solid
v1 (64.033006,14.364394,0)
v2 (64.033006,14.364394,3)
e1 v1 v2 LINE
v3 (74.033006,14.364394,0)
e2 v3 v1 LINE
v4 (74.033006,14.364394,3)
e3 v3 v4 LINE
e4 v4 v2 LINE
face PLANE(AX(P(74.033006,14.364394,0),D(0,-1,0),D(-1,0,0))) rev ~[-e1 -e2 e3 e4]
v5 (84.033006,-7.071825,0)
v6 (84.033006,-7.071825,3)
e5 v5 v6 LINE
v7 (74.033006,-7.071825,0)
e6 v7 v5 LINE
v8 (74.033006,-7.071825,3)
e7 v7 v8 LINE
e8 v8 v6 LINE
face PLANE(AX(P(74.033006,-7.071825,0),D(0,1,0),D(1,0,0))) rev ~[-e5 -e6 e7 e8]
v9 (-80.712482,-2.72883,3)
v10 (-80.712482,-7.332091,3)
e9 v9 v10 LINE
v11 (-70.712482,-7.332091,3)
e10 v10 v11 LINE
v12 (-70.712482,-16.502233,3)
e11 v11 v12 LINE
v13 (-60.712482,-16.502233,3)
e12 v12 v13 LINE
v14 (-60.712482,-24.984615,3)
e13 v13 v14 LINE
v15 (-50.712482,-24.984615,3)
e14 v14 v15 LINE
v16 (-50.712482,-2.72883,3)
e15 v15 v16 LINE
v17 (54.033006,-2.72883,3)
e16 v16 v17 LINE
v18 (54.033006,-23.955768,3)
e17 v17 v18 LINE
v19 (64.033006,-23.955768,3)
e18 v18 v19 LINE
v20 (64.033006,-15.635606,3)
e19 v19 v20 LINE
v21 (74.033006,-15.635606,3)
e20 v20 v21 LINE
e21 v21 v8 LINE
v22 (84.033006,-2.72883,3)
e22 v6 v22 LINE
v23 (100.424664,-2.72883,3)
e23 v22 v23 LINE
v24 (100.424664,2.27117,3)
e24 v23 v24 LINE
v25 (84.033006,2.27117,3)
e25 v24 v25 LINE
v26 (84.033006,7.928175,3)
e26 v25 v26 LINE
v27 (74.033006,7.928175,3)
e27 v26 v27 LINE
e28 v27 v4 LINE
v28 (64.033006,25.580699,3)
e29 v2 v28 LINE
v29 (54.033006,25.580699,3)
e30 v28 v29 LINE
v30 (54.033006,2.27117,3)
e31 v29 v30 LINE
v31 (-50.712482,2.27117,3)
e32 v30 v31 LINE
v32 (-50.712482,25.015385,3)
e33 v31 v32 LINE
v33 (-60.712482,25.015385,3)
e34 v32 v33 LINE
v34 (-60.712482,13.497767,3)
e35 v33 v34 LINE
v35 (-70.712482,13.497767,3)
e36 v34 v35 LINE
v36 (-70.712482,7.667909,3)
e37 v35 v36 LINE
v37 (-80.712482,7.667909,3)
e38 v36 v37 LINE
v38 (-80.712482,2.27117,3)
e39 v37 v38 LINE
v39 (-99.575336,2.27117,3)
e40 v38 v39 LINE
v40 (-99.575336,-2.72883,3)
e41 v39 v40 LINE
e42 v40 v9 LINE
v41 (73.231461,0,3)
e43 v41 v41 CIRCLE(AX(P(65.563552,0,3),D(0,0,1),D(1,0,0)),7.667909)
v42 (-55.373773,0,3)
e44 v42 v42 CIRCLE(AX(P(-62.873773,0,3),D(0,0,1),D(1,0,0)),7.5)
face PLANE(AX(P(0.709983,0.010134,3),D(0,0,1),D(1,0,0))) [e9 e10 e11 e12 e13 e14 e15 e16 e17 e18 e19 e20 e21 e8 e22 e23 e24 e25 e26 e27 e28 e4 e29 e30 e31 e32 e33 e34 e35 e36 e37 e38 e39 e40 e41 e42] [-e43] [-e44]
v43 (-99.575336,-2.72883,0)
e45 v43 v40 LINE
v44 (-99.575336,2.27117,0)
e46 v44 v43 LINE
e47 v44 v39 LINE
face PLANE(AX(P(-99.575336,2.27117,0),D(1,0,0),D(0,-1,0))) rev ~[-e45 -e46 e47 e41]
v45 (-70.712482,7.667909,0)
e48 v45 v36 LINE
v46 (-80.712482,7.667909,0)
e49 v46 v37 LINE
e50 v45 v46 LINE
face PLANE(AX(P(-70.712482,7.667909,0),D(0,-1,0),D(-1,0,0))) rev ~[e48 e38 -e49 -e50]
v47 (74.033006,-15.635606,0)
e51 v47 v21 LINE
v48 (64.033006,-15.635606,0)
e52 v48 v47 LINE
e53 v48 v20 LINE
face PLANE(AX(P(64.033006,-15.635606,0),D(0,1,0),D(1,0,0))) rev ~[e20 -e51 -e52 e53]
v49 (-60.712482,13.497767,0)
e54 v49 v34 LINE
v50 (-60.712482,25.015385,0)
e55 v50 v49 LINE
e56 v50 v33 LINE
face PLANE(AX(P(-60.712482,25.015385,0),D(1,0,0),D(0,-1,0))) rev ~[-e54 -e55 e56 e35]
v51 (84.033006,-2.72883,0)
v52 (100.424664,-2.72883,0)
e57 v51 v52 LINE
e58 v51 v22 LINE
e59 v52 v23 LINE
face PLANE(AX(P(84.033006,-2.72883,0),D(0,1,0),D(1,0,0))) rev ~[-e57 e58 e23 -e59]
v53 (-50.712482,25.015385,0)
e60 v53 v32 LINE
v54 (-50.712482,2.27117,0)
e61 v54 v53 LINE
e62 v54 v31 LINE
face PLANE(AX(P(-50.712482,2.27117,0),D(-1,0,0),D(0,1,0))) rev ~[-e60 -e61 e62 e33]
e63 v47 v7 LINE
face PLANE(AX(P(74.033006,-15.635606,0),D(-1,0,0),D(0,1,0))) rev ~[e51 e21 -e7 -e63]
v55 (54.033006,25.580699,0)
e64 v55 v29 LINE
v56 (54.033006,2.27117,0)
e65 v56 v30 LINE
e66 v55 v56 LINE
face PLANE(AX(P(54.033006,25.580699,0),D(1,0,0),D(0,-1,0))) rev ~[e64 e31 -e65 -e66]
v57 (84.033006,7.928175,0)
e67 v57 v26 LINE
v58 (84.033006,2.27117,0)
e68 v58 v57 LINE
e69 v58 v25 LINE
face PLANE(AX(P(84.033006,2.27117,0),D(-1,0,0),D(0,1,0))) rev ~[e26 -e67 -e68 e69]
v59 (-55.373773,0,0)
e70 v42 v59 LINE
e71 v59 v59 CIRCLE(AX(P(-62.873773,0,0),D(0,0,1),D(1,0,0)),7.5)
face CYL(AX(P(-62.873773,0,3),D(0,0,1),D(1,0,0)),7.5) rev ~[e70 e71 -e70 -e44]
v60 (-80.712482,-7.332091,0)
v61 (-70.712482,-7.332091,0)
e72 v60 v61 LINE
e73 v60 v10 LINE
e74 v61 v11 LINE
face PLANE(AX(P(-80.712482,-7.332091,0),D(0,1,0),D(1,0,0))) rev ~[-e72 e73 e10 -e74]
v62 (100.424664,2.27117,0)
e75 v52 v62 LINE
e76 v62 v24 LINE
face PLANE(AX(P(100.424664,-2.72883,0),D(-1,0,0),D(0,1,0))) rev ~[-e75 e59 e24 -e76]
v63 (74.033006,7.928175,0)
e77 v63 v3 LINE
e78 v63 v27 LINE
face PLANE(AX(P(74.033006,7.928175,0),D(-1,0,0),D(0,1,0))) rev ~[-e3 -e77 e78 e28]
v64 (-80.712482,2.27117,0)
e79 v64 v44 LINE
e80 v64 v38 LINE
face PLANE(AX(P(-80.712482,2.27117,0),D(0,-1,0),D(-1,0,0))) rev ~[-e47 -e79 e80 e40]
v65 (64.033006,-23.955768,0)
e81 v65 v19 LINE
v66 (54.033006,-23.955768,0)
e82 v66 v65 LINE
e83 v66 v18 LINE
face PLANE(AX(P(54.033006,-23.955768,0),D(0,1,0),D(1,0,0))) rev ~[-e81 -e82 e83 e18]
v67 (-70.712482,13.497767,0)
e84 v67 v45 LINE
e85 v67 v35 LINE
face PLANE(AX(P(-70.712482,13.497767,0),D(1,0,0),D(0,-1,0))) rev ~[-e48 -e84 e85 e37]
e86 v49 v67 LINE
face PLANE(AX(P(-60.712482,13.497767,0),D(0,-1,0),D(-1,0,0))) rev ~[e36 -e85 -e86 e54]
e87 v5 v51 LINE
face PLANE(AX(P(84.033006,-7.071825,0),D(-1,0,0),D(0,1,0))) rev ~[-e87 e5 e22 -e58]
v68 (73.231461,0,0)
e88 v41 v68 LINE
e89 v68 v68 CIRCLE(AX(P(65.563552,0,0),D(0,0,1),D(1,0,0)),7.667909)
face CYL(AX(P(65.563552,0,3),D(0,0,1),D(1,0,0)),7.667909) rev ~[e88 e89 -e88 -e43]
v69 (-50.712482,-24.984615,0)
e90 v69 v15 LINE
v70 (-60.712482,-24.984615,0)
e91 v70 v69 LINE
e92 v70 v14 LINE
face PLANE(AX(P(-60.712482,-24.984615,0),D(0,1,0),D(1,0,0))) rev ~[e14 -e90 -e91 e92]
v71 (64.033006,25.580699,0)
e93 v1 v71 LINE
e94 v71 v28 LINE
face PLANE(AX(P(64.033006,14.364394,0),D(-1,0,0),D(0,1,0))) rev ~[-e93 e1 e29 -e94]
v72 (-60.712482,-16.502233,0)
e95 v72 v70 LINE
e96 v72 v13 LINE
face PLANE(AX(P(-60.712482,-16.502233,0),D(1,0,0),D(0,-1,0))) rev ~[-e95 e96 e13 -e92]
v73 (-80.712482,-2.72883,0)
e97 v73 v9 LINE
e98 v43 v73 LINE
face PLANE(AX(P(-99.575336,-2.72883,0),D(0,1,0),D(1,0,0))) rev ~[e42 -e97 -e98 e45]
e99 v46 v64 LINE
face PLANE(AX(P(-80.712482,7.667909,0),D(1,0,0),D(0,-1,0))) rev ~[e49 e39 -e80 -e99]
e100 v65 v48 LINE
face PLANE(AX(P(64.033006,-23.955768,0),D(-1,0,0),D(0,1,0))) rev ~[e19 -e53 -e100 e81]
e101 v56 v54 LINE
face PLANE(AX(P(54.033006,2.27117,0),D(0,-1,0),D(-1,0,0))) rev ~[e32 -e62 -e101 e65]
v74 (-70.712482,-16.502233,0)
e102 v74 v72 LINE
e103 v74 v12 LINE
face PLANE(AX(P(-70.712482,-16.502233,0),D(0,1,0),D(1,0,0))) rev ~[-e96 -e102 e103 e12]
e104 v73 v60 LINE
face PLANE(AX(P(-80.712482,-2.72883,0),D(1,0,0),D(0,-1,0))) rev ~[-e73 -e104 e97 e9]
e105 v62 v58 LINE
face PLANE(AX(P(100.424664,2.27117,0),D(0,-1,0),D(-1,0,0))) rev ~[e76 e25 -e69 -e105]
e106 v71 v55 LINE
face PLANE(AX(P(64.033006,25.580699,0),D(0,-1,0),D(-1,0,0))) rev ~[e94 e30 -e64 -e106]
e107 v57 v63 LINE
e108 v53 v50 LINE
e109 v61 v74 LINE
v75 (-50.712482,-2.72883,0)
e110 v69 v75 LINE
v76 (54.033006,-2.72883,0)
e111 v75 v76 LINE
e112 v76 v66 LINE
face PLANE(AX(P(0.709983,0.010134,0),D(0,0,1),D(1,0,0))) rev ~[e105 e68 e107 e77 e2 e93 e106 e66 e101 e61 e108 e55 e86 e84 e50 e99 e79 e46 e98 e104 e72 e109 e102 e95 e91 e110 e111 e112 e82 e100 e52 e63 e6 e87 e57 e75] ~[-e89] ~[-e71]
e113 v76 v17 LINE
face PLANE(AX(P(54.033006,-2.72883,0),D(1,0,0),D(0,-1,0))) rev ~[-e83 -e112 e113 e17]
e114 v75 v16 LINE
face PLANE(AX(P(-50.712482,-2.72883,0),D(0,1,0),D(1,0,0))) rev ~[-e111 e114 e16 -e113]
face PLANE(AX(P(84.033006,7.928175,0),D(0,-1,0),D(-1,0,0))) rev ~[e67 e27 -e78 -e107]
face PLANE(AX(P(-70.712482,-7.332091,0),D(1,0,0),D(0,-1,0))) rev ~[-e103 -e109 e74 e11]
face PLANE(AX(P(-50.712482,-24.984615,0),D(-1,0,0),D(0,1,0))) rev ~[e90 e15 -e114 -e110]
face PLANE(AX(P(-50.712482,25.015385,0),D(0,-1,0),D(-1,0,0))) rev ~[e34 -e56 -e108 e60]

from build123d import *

# Parameters (mm, degrees)
F1_DEPTH = 3
F2_R     = 7.5
F2_R_2   = 7.667909
F3_DEPTH = 3


with BuildPart() as f1:
    # F0 (on Top) → F1 (new body)
    with BuildSketch(Plane.XY):
        Polygon((-80.712482, 2.27117), (-99.575336, 2.27117), (-99.575336, -2.72883), (-80.712482, -2.72883), (-80.712482, -7.332091), (-70.712482, -7.332091), (-70.712482, -16.502233), (-60.712482, -16.502233), (-60.712482, -24.984615), (-50.712482, -24.984615), (-50.712482, -2.72883), (54.033006, -2.72883), (54.033006, -23.955768), (64.033006, -23.955768), (64.033006, -15.635606), (74.033006, -15.635606), (74.033006, -7.071825), (84.033006, -7.071825), (84.033006, -2.72883), (100.424664, -2.72883), (100.424664, 2.27117), (84.033006, 2.27117), (84.033006, 7.928175), (74.033006, 7.928175), (74.033006, 14.364394), (64.033006, 14.364394), (64.033006, 25.580699), (54.033006, 25.580699), (54.033006, 2.27117), (-50.712482, 2.27117), (-50.712482, 25.015385), (-60.712482, 25.015385), (-60.712482, 13.497767), (-70.712482, 13.497767), (-70.712482, 7.667909), (-80.712482, 7.667909), align=None)
    extrude(amount=F1_DEPTH)

    # F2 (on face) → F3 (cut, through all)
    with BuildSketch(Plane.XY.offset(3)):
        with Locations((-62.873773, 0)):
            Circle(F2_R)
        with Locations((65.563552, 0)):
            Circle(F2_R_2)
    extrude(amount=-F3_DEPTH, mode=Mode.SUBTRACT)


solid = f1.part
